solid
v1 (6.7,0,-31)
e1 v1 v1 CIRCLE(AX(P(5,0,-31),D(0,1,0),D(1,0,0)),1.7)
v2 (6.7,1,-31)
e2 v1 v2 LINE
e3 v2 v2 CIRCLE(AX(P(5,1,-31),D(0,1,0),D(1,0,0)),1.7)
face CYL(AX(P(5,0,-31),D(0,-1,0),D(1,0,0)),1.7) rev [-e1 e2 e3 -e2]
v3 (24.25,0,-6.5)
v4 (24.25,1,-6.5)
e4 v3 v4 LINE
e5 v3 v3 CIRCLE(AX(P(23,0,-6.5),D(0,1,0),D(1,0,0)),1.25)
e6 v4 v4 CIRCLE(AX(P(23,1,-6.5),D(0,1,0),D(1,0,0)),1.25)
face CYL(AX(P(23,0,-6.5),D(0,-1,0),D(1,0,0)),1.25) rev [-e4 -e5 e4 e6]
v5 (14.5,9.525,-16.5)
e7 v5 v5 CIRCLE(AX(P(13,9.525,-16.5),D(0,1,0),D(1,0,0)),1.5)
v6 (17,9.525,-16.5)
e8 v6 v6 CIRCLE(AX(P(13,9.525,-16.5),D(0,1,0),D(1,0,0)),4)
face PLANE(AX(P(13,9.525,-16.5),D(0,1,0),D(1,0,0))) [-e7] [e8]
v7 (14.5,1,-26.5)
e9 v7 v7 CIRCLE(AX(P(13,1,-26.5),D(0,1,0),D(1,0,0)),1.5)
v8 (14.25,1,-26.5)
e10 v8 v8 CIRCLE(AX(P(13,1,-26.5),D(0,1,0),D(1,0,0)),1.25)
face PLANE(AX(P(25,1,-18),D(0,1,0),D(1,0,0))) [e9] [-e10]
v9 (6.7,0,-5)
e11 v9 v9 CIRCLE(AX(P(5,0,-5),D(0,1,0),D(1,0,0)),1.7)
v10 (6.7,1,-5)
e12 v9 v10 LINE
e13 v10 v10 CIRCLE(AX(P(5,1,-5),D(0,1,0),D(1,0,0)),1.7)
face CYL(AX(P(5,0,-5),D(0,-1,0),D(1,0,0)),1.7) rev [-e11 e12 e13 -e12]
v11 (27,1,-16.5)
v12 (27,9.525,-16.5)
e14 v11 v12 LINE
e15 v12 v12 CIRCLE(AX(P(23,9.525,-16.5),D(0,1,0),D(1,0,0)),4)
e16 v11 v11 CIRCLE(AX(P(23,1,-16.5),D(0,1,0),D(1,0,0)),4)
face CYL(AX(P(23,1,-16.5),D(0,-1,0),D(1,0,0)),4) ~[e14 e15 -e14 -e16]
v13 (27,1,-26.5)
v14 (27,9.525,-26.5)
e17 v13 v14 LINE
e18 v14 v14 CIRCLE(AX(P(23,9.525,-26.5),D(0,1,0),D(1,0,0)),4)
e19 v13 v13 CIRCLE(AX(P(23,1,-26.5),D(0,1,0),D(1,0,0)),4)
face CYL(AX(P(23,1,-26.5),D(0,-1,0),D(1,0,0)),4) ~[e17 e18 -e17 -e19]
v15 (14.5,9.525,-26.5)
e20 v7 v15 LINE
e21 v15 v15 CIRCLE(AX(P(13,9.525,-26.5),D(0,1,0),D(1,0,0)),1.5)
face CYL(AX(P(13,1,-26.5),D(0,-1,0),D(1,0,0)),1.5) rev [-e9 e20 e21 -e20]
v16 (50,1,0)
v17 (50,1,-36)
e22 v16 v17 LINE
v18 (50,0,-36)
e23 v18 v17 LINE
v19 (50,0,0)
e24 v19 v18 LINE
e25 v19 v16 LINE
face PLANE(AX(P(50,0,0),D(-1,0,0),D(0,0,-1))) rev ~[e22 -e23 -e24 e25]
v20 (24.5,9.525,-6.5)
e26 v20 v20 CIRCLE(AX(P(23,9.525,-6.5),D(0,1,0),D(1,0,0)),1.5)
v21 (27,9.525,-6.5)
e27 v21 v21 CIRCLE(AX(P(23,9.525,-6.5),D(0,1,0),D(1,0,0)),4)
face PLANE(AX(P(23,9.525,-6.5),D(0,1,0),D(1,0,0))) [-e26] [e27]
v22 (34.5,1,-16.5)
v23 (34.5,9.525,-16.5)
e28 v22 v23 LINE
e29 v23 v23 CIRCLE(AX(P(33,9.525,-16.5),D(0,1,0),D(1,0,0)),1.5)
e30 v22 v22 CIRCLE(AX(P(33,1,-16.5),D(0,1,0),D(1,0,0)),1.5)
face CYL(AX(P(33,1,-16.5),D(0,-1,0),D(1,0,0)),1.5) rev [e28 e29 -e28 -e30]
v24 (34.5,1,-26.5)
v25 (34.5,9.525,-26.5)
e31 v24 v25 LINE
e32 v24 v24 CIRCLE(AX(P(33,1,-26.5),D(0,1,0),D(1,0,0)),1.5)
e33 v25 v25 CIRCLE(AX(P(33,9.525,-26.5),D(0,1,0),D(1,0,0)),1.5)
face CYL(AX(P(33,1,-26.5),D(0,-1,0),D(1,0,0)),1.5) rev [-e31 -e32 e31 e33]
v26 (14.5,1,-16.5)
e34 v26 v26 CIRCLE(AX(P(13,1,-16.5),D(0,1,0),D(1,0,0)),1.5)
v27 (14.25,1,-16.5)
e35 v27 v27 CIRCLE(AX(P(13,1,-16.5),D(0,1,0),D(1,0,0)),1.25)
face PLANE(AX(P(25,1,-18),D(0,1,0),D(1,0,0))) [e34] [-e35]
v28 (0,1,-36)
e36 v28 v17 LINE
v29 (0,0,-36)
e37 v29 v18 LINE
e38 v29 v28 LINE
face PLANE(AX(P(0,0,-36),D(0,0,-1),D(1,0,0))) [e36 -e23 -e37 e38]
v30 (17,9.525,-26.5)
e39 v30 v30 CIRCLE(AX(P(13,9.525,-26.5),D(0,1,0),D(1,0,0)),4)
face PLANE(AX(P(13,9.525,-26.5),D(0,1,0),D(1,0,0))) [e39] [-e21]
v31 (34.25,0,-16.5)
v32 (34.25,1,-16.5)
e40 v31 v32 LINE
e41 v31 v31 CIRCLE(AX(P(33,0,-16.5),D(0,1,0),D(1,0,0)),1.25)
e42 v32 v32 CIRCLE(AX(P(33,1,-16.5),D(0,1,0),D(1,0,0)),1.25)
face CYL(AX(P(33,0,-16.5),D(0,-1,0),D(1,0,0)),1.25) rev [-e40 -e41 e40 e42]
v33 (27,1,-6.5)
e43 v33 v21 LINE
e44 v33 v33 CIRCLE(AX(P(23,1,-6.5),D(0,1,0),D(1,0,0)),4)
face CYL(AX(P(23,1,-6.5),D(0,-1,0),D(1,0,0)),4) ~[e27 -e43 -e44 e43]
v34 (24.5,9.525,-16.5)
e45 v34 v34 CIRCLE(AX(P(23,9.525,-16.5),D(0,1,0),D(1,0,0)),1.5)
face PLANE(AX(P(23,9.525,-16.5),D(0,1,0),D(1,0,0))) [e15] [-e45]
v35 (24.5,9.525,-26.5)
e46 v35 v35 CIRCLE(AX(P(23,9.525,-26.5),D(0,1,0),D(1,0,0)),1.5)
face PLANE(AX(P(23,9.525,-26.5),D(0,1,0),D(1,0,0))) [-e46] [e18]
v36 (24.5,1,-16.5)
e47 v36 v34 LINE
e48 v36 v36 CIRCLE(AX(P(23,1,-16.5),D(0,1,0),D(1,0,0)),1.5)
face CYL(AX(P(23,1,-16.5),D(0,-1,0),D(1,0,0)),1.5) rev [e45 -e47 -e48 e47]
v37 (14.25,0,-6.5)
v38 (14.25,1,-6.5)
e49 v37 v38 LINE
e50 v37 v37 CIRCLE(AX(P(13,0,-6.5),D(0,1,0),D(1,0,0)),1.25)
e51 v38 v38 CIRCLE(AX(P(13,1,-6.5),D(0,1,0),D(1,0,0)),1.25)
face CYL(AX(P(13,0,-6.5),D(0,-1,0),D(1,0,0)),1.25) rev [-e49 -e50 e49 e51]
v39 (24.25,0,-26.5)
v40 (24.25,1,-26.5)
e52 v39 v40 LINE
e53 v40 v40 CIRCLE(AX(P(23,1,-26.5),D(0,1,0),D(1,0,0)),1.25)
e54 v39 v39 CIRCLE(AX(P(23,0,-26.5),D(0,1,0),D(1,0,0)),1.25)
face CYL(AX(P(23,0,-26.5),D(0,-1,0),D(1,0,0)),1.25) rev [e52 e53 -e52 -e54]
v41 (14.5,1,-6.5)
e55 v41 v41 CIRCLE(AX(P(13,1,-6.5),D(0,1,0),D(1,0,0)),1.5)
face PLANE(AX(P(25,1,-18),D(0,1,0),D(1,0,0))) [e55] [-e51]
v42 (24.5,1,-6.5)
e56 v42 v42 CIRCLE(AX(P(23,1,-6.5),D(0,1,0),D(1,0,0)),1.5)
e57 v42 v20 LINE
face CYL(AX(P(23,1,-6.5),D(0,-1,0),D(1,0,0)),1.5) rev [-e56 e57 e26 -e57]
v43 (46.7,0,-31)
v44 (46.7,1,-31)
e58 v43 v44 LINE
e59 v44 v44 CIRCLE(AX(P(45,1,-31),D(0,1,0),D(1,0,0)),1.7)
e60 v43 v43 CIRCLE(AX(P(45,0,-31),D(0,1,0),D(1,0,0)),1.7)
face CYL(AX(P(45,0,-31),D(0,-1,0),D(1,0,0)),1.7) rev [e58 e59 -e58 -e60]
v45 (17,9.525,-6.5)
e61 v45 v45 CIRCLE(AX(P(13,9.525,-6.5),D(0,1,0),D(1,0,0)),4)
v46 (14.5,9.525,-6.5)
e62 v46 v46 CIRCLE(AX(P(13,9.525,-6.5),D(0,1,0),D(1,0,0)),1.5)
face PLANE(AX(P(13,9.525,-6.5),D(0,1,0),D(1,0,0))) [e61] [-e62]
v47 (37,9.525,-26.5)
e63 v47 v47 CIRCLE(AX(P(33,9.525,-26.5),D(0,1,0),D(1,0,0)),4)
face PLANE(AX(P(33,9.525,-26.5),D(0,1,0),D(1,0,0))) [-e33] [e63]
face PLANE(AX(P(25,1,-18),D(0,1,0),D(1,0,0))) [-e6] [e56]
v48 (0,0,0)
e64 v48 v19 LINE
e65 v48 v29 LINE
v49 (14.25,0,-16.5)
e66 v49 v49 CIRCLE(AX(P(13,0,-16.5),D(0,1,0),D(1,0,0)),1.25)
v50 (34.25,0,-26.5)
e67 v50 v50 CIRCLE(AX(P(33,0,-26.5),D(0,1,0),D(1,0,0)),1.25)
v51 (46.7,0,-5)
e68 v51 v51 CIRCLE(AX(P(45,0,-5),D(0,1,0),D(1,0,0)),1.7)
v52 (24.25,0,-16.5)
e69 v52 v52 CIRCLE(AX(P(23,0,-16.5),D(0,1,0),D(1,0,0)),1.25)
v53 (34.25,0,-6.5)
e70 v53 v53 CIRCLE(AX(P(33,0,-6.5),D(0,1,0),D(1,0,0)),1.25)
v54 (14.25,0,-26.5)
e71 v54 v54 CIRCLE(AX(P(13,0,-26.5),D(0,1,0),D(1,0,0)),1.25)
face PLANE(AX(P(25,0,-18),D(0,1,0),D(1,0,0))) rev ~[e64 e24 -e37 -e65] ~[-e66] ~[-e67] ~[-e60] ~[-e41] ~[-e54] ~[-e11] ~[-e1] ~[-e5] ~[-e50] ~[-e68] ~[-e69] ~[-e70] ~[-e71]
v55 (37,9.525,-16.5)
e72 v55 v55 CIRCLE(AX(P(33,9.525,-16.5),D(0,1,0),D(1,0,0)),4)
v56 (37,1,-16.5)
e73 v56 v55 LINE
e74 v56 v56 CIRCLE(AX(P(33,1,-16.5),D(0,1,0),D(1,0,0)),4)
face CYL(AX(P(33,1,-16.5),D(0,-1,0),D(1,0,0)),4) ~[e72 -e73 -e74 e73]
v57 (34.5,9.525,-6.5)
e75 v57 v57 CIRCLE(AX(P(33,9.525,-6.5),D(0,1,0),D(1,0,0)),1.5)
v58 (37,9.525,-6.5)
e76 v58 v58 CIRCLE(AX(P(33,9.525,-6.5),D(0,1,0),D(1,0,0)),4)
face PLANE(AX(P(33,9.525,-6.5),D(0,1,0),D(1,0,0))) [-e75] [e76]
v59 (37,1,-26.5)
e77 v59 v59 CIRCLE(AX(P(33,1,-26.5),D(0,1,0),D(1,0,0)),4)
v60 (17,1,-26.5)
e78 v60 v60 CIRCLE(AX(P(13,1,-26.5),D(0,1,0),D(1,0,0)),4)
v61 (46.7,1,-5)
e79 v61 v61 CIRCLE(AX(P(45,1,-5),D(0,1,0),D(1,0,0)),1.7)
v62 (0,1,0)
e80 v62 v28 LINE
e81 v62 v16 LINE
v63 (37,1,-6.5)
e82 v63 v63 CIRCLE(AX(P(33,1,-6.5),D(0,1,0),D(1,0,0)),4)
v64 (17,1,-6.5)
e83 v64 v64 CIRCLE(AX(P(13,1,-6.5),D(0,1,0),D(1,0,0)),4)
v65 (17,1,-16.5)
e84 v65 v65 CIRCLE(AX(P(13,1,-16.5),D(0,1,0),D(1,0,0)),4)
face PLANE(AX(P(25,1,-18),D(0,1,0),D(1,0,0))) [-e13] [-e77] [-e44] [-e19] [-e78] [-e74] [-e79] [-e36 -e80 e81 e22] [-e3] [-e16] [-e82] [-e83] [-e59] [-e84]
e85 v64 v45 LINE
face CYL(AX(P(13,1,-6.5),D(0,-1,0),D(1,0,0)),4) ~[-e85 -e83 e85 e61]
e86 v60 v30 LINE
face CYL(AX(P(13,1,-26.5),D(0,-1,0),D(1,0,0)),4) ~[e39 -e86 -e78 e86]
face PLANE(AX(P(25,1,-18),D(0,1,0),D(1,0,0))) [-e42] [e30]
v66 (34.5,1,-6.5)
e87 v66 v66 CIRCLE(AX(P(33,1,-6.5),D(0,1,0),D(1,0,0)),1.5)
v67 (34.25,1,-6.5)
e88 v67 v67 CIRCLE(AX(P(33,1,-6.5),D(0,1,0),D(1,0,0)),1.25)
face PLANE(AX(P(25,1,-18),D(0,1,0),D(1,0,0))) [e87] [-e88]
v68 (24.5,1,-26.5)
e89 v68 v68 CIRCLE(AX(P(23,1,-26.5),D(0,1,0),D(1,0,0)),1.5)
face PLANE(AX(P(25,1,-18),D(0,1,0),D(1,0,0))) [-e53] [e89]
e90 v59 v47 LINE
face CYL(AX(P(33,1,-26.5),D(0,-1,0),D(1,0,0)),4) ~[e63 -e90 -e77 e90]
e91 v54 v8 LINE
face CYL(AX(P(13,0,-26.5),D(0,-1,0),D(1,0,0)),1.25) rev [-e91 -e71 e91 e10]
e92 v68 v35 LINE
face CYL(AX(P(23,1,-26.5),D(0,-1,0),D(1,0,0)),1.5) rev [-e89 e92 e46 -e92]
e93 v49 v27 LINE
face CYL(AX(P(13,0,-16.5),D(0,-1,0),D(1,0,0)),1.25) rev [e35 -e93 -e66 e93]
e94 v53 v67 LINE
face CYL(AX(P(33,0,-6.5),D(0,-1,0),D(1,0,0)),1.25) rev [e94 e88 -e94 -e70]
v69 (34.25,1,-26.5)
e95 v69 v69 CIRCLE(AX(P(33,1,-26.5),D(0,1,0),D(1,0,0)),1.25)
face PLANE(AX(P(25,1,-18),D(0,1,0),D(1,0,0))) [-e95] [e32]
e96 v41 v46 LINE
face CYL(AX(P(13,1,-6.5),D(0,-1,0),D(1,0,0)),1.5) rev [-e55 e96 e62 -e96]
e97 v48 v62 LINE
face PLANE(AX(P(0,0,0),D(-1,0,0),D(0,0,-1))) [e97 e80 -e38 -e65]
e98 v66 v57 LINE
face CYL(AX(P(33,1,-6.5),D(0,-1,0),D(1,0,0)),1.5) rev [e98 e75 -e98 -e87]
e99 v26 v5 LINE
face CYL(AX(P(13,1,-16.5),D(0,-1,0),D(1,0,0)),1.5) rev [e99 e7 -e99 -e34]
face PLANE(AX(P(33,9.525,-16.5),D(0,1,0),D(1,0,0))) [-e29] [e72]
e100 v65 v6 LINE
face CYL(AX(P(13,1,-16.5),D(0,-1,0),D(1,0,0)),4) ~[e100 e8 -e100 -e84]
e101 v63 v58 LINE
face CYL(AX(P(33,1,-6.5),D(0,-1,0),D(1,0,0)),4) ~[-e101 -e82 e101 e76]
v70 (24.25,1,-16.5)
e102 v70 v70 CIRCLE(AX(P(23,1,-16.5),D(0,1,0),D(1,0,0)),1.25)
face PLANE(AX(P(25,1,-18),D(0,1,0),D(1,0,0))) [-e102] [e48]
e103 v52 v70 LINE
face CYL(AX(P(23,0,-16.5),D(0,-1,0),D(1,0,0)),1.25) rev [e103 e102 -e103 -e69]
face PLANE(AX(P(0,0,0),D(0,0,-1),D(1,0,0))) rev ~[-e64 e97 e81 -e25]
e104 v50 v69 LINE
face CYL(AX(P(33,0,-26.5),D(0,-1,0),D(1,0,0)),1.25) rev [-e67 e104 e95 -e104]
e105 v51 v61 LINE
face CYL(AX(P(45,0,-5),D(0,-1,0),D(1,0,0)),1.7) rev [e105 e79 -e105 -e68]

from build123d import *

# Parameters (mm, degrees)
SKETCH1_W           = 50
SKETCH1_H           = 36
SKETCH1_R           = 1.25
SKETCH1_R_2         = 1.7
BOSS_EXTRUDE1_DEPTH = 1
SKETCH2_R           = 4
SKETCH2_R_2         = 1.5
BOSS_EXTRUDE2_DEPTH = 8.525


with BuildPart() as part:
    # Sketch1 → Boss-Extrude1 (new body)
    with BuildSketch(Plane(origin=(0, 0, 0), x_dir=(1, 0, 0), z_dir=(0, 1, 0))):
        with Locations((25, 18)):
            Rectangle(SKETCH1_W, SKETCH1_H)
        with Locations((13, 6.5)):
            Circle(SKETCH1_R, mode=Mode.SUBTRACT)
        with Locations((5, 5)):
            Circle(SKETCH1_R_2, mode=Mode.SUBTRACT)
        with Locations((5, 31)):
            Circle(SKETCH1_R_2, mode=Mode.SUBTRACT)
        with Locations((45, 31)):
            Circle(SKETCH1_R_2, mode=Mode.SUBTRACT)
        with Locations((45, 5)):
            Circle(SKETCH1_R_2, mode=Mode.SUBTRACT)
        with Locations((23, 6.5)):
            Circle(SKETCH1_R, mode=Mode.SUBTRACT)
        with Locations((33, 6.5)):
            Circle(SKETCH1_R, mode=Mode.SUBTRACT)
        with Locations((23, 16.5)):
            Circle(SKETCH1_R, mode=Mode.SUBTRACT)
        with Locations((33, 16.5)):
            Circle(SKETCH1_R, mode=Mode.SUBTRACT)
        with Locations((23, 26.5)):
            Circle(SKETCH1_R, mode=Mode.SUBTRACT)
        with Locations((33, 26.5)):
            Circle(SKETCH1_R, mode=Mode.SUBTRACT)
        with Locations((13, 16.5)):
            Circle(SKETCH1_R, mode=Mode.SUBTRACT)
        with Locations((13, 26.5)):
            Circle(SKETCH1_R, mode=Mode.SUBTRACT)
    extrude(amount=BOSS_EXTRUDE1_DEPTH)

    # Sketch2 → Boss-Extrude2 (add)
    with BuildSketch(Plane(origin=(0, 1, 0), x_dir=(1, 0, 0), z_dir=(0, 1, 0))):
        with Locations((13, 26.5)):
            Circle(SKETCH2_R)
        with Locations((13, 26.5)):
            Circle(SKETCH2_R_2, mode=Mode.SUBTRACT)
        with Locations((23, 26.5)):
            Circle(SKETCH2_R)
        with Locations((23, 26.5)):
            Circle(SKETCH2_R_2, mode=Mode.SUBTRACT)
        with Locations((33, 26.5)):
            Circle(SKETCH2_R)
        with Locations((33, 26.5)):
            Circle(SKETCH2_R_2, mode=Mode.SUBTRACT)
        with Locations((23, 16.5)):
            Circle(SKETCH2_R)
        with Locations((23, 16.5)):
            Circle(SKETCH2_R_2, mode=Mode.SUBTRACT)
        with Locations((33, 16.5)):
            Circle(SKETCH2_R)
        with Locations((33, 16.5)):
            Circle(SKETCH2_R_2, mode=Mode.SUBTRACT)
        with Locations((23, 6.5)):
            Circle(SKETCH2_R)
        with Locations((23, 6.5)):
            Circle(SKETCH2_R_2, mode=Mode.SUBTRACT)
        with Locations((33, 6.5)):
            Circle(SKETCH2_R)
        with Locations((33, 6.5)):
            Circle(SKETCH2_R_2, mode=Mode.SUBTRACT)
        with Locations((13, 16.5)):
            Circle(SKETCH2_R)
        with Locations((13, 16.5)):
            Circle(SKETCH2_R_2, mode=Mode.SUBTRACT)
        with Locations((13, 6.5)):
            Circle(SKETCH2_R)
        with Locations((13, 6.5)):
            Circle(SKETCH2_R_2, mode=Mode.SUBTRACT)
    extrude(amount=BOSS_EXTRUDE2_DEPTH)


solid = part.part
